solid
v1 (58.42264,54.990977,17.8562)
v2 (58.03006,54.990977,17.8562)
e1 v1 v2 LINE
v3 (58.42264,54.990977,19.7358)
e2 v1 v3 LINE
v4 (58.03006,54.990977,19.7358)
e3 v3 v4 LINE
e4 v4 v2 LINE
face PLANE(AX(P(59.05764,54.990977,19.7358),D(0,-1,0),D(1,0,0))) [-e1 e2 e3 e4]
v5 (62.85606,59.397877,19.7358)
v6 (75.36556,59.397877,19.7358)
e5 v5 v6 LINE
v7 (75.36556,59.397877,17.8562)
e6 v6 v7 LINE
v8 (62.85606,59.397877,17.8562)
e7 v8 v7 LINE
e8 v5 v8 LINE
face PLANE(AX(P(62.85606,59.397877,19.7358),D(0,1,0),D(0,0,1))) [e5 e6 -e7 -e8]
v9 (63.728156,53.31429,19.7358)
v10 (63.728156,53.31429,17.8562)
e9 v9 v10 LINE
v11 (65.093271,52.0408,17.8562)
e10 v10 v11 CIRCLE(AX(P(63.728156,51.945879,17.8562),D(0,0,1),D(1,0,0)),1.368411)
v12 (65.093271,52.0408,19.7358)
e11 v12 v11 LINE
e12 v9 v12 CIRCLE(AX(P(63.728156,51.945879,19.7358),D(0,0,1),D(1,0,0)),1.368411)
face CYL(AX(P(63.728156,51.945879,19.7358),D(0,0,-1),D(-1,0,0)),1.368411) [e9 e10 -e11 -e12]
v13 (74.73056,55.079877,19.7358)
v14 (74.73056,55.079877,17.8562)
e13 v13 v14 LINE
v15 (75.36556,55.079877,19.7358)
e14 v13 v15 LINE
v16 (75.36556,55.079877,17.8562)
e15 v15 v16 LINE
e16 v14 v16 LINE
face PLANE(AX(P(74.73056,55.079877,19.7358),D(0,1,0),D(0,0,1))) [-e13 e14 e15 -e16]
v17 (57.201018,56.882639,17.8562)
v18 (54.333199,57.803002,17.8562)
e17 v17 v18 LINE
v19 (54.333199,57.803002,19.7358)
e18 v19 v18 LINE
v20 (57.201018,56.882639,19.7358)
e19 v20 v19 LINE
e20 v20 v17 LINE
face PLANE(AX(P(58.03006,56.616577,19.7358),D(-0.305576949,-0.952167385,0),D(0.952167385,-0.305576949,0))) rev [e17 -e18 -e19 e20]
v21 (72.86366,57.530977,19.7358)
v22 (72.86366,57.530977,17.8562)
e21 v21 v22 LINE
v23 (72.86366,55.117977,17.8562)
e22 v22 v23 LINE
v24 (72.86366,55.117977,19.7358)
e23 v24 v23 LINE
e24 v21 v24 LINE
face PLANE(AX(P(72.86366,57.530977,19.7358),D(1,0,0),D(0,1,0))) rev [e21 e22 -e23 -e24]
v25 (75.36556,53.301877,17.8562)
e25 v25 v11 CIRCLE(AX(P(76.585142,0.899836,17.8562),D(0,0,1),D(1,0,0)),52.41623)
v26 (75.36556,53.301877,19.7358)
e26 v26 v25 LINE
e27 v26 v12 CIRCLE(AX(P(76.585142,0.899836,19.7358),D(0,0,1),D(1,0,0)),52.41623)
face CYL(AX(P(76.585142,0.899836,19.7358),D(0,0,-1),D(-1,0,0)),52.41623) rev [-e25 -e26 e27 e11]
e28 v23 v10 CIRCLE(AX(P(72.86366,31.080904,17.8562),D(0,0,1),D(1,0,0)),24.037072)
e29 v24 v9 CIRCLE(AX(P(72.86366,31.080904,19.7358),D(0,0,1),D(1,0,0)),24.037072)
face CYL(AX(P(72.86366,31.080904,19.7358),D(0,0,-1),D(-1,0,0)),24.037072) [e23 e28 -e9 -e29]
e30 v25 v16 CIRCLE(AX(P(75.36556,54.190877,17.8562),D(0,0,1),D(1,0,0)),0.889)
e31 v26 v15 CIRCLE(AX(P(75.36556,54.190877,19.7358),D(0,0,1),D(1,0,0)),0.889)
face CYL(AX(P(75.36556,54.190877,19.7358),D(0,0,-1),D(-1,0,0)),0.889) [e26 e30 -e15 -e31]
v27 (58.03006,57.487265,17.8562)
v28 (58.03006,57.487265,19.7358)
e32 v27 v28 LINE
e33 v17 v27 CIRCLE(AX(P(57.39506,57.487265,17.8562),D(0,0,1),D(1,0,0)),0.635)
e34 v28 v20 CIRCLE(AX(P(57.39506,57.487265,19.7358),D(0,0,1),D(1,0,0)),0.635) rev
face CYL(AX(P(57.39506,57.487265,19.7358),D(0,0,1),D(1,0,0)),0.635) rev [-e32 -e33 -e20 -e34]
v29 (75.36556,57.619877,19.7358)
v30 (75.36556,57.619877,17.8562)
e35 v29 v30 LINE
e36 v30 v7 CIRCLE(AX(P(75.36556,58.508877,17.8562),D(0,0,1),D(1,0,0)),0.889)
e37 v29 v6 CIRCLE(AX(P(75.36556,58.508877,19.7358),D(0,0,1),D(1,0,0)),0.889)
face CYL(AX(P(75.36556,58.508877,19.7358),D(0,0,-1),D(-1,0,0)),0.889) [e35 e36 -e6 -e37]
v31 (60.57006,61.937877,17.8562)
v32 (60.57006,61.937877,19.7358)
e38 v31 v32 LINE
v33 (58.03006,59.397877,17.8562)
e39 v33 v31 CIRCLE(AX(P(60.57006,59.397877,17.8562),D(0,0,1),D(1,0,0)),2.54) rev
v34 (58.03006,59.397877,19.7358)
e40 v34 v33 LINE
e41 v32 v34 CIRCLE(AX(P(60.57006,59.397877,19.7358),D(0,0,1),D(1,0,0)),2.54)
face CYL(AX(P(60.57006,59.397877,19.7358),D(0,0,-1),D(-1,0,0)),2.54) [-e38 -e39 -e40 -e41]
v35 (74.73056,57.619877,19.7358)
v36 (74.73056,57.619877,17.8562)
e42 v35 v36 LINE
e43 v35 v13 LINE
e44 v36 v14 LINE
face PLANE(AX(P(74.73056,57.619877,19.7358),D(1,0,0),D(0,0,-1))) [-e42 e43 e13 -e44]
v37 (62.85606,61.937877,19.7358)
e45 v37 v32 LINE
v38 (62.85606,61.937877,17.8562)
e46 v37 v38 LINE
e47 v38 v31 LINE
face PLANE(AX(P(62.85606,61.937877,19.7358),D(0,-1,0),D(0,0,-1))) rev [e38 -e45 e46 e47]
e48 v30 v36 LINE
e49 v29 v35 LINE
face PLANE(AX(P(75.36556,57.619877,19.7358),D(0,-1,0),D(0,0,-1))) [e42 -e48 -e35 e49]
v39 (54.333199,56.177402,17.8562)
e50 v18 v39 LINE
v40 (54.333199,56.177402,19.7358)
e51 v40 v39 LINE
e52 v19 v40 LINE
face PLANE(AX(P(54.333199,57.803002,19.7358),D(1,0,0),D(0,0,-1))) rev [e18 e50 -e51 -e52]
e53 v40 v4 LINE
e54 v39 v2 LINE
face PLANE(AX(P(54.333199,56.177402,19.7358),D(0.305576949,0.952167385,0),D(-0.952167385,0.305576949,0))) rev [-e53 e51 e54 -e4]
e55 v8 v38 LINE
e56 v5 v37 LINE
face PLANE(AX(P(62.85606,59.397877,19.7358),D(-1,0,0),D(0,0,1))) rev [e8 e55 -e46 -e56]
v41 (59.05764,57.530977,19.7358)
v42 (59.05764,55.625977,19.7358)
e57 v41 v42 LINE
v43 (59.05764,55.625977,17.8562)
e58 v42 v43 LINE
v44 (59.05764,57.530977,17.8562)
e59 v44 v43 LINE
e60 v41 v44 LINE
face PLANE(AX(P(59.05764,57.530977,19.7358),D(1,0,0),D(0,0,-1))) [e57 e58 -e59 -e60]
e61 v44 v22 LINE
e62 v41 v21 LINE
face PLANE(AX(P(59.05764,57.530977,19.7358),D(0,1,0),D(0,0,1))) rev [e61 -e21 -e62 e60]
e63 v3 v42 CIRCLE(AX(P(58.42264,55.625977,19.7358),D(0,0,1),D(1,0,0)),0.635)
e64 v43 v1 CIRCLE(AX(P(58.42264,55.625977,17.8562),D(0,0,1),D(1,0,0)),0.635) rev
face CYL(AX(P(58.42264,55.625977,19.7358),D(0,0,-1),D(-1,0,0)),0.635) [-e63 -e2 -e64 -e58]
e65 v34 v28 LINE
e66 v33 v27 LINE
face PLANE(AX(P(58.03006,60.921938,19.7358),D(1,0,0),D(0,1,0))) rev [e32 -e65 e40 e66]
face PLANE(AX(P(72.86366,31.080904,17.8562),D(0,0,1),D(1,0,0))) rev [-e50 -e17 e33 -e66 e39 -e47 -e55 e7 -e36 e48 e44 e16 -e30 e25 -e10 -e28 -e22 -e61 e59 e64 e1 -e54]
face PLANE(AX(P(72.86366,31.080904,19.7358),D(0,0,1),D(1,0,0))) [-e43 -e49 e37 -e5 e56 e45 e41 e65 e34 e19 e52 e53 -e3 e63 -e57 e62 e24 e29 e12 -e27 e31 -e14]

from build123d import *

# Parameters (mm, degrees)
BOSS_EXTRUDE1_DEPTH = 37.592
FILLET1_R           = 12.7
FILLET2_R           = 50.8
FILLET3_R           = 12.7
SCALE1_SCALE        = 0.05


with BuildPart() as part:
    # Sketch1 → Boss-Extrude1 (new body)
    with BuildSketch(Plane.XY):
        with BuildLine():
            Line((0, 109.420372667), (250.19, 109.420372667))
            ThreePointArc((250.19, 109.420372667), (267.97, 91.640372667), (250.19, 73.860372667))
            Line((250.19, 73.860372667), (237.49, 73.860372667))
            Line((237.49, 73.860372667), (237.49, 23.060372667))
            Line((237.49, 23.060372667), (250.19, 23.060372667))
            ThreePointArc((250.19, 23.060372667), (267.97, 5.280372667), (250.19, -12.499627333))
            ThreePointArc((250.19, -12.499627333), (146.843102498, -20.027410993), (44.744230284, -37.721168163))
            ThreePointArc((44.744230284, -37.721168163), (-1.227067533, -59.631780483), (17.441932467, -12.25136687))
            ThreePointArc((17.441932467, -12.25136687), (107.033415037, 14.717722357), (200.152, 23.822372667))
            Line((200.152, 23.822372667), (200.152, 72.082372667))
            Line((200.152, 72.082372667), (-75.968392762, 72.082372667))
            Line((-75.968392762, 72.082372667), (-75.968392762, 21.282372667))
            Line((-75.968392762, 21.282372667), (-96.52, 21.282372667))
            Line((-96.52, 21.282372667), (-170.457211488, 45.010876589))
            Line((-170.457211488, 45.010876589), (-170.457211488, 77.522876589))
            Line((-170.457211488, 77.522876589), (-96.52, 53.794372667))
            Line((-96.52, 53.794372667), (-96.52, 139.901603313))
            Line((-96.52, 139.901603313), (-96.52, 160.220372667))
            Line((-96.52, 160.220372667), (0, 160.220372667))
            Line((0, 160.220372667), (0, 109.420372667))
        make_face()
    extrude(amount=BOSS_EXTRUDE1_DEPTH)

    # Fillet1
    fillet1_edges = [part.edges().sort_by_distance(p)[0] for p in [
        (-75.968392762, 21.282372667, 18.796),
    ]]
    fillet(fillet1_edges, radius=FILLET1_R)

    # Fillet2
    fillet2_edges = [part.edges().sort_by_distance(p)[0] for p in [
        (-96.52, 160.220372667, 18.796),
    ]]
    fillet(fillet2_edges, radius=FILLET2_R)

    # Fillet3
    fillet3_edges = [part.edges().sort_by_distance(p)[0] for p in [
        (-96.52, 53.794372667, 18.796),
    ]]
    fillet(fillet3_edges, radius=FILLET3_R)


with BuildPart() as part_1:
    # Scale1: scaled about (66.164273322, 56.765113867, 18.796)
    add(part.part.scale(SCALE1_SCALE).moved(Location((62.856059656, 53.926858174, 17.8562))))


solid = part_1.part
